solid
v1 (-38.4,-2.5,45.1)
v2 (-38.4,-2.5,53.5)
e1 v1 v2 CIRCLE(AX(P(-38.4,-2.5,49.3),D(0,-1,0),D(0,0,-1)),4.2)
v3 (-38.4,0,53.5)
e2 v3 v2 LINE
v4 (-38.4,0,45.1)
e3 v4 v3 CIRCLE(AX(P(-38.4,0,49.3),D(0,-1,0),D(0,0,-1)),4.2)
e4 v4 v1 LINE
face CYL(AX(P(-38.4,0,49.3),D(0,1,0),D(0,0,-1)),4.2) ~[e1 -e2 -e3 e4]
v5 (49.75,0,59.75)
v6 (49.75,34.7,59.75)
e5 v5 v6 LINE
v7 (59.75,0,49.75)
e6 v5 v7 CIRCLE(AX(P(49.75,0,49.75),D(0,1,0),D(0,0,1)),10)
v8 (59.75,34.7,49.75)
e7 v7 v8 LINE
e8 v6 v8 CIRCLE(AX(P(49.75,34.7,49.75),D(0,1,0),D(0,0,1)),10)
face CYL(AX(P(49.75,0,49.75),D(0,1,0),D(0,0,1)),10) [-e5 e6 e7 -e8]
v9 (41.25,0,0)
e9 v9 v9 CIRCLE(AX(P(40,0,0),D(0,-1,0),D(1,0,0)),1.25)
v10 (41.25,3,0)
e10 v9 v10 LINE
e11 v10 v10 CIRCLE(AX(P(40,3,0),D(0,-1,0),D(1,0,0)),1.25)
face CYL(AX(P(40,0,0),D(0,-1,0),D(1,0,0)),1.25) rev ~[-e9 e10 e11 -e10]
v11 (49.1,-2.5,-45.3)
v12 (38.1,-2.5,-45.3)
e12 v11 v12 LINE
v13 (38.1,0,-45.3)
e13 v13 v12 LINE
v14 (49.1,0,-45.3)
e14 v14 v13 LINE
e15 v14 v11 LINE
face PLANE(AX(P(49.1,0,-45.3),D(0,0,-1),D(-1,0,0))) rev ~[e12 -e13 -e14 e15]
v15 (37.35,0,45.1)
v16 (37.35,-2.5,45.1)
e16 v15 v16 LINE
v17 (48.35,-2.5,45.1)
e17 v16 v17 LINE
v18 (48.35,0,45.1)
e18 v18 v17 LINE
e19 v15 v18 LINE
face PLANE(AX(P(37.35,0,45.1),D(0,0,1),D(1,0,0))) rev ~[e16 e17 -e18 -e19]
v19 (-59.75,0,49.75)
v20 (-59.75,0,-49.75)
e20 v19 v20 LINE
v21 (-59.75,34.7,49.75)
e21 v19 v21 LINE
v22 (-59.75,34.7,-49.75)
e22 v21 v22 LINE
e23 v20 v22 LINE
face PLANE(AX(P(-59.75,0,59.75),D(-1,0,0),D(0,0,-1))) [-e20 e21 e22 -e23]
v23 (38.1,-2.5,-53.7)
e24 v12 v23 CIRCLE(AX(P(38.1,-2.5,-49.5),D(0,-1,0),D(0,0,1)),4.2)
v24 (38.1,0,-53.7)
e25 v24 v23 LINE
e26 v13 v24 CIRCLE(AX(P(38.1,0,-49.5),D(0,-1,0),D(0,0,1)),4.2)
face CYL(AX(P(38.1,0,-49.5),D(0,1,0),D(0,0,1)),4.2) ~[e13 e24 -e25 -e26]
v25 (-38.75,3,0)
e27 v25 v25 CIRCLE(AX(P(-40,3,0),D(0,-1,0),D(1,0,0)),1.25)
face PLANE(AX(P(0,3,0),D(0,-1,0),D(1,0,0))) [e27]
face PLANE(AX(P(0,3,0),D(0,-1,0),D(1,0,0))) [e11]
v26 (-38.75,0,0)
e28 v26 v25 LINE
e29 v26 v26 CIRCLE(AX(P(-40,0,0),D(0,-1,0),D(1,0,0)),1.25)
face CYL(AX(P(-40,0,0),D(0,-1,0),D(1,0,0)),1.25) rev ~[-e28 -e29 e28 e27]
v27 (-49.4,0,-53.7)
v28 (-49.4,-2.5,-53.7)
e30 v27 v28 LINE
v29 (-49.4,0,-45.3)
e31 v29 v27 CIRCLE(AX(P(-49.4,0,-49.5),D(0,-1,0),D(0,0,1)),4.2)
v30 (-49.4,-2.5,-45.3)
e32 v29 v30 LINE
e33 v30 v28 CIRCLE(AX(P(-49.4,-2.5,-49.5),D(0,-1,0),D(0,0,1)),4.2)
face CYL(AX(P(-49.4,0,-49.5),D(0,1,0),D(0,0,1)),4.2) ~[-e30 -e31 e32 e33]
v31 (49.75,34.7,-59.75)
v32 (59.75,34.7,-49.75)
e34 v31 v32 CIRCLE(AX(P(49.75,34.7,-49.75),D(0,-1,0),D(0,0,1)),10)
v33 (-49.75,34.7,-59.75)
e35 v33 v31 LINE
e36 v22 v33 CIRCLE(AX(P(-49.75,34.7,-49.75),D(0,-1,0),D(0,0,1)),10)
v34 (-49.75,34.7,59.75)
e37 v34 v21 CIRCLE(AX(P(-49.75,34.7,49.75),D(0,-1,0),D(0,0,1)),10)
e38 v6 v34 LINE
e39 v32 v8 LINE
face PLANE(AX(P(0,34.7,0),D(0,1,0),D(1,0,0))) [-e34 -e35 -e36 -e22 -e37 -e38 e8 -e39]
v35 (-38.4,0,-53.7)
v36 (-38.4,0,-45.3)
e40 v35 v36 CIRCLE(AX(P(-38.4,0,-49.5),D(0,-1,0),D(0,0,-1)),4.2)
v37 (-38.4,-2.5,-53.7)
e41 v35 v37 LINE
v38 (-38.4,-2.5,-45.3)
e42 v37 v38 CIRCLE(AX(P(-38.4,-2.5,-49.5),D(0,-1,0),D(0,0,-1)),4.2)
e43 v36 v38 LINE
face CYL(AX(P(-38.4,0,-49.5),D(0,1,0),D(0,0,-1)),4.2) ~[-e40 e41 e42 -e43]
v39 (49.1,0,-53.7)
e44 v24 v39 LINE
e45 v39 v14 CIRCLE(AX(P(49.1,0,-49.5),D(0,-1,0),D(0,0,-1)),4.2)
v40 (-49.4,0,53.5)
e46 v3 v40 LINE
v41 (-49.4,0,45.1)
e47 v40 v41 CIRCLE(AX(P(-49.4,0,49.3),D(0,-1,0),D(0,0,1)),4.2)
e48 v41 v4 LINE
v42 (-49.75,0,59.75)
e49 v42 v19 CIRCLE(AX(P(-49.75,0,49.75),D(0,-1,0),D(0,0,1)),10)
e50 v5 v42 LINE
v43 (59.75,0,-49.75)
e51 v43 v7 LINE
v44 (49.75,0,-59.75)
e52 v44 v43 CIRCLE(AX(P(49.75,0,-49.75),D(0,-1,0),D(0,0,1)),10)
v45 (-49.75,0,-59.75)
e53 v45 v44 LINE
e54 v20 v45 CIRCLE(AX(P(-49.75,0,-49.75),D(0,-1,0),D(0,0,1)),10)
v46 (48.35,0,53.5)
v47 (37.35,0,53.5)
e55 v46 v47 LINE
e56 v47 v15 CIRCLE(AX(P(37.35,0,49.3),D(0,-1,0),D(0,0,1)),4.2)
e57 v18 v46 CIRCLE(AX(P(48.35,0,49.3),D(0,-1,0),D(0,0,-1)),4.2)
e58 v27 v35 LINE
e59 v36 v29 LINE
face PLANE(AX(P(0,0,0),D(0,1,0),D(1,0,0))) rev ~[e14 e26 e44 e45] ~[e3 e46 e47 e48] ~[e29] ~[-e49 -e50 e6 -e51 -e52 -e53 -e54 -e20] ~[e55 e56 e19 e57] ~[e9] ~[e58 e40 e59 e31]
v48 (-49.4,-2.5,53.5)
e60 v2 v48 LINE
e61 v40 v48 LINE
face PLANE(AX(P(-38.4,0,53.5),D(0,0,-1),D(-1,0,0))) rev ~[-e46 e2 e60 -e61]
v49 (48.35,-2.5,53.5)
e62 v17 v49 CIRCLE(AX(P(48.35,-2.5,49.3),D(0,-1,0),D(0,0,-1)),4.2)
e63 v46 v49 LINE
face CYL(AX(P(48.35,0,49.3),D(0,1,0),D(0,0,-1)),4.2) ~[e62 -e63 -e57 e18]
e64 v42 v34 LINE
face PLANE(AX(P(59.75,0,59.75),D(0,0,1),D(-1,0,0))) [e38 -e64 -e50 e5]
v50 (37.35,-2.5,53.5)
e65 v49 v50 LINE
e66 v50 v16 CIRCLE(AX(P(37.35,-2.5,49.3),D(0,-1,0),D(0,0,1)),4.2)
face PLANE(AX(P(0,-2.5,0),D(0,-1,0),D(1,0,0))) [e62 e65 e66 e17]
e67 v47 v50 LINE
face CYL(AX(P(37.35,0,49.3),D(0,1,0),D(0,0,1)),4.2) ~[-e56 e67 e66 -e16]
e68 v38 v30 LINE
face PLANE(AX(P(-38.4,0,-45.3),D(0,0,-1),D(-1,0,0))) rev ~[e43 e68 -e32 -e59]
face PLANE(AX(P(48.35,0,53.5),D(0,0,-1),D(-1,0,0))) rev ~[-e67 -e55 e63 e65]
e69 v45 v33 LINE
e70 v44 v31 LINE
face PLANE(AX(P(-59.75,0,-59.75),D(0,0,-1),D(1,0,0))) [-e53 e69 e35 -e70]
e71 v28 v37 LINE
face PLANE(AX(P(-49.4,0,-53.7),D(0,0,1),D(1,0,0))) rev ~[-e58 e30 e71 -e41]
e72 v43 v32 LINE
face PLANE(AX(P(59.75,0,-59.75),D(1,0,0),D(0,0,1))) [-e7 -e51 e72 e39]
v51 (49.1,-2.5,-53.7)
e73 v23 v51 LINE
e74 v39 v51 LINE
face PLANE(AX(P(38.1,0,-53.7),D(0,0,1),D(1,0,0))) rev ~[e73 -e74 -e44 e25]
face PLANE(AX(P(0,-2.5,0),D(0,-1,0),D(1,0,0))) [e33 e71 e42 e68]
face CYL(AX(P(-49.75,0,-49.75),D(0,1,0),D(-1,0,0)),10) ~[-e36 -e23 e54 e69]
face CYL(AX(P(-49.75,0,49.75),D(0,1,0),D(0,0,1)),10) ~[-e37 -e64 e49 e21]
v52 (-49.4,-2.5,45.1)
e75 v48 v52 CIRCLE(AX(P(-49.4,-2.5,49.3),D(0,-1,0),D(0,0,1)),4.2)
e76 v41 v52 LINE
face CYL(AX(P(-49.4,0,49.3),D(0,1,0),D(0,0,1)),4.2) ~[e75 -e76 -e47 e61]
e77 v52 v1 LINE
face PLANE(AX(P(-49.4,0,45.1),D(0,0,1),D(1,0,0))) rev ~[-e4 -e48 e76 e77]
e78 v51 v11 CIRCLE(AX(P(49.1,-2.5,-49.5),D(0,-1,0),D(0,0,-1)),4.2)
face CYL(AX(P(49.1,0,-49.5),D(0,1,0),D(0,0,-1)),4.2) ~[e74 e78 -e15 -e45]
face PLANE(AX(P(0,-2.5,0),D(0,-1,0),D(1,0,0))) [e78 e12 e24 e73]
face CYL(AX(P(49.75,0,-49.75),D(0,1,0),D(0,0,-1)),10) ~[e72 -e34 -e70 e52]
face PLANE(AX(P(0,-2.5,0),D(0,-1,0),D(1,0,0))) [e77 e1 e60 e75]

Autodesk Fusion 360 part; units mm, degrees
sketch "Sketch1" plane through (0, 0, 0) normal (0, 1, 0) x (1, 0, 0)
  line L0 (59.75, -59.75) -> (-59.75, -59.75)
  line L1 (-59.75, -59.75) -> (-59.75, 59.75)
  line L2 (-59.75, 59.75) -> (59.75, 59.75)
  line L3 (59.75, 59.75) -> (59.75, -59.75)
  line L4 (59.75, -59.75) -> (-59.75, 59.75) construction
  line L5 (-59.75, -59.75) -> (59.75, 59.75) construction
  dimension "d2" = 119.5
extrude "Extrude1" add sketch "Sketch1" along normal blind 34.7
fillet "Fillet1" radius 10 4 edges at (-59.75, 17.35, 59.75) (59.75, 17.35, 59.75) (-59.75, 17.35, -59.75) (59.75, 17.35, -59.75)
sketch "Sketch4" plane through (0, 0, 0) normal (0, -1, 0) x (1, 0, 0)
  line L0 (-49.75, -59.75) -> (49.75, -59.75)
  line L1 (59.75, -49.75) -> (59.75, 49.75)
  line L2 (49.75, 59.75) -> (-49.75, 59.75)
  line L3 (-59.75, 49.75) -> (-59.75, -49.75)
  line L4 (-49.4, 45.1) -> (-38.4, 45.1)
  arc A0 (-38.4, 45.1) -> (-38.4, 53.5) centre (-38.4, 49.3) ccw
  line L5 (-38.4, 53.5) -> (-49.4, 53.5)
  arc A1 (-49.4, 53.5) -> (-49.4, 45.1) centre (-49.4, 49.3) ccw
  line L6 (-49.4, 49.3) -> (-38.4, 49.3) construction
  line L7 (-49.4, -53.7) -> (-38.4, -53.7)
  arc A2 (-38.4, -53.7) -> (-38.4, -45.3) centre (-38.4, -49.5) ccw
  line L8 (-38.4, -45.3) -> (-49.4, -45.3)
  arc A3 (-49.4, -45.3) -> (-49.4, -53.7) centre (-49.4, -49.5) ccw
  line L9 (-49.4, -49.5) -> (-38.4, -49.5) construction
  line L10 (49.1, -45.3) -> (38.1, -45.3)
  arc A4 (38.1, -45.3) -> (38.1, -53.7) centre (38.1, -49.5) ccw
  line L11 (38.1, -53.7) -> (49.1, -53.7)
  arc A5 (49.1, -53.7) -> (49.1, -45.3) centre (49.1, -49.5) ccw
  line L12 (49.1, -49.5) -> (38.1, -49.5) construction
  line L13 (37.35, 45.1) -> (48.35, 45.1)
  arc A6 (48.35, 45.1) -> (48.35, 53.5) centre (48.35, 49.3) ccw
  line L14 (48.35, 53.5) -> (37.35, 53.5)
  arc A7 (37.35, 53.5) -> (37.35, 45.1) centre (37.35, 49.3) ccw
  line L15 (37.35, 49.3) -> (48.35, 49.3) construction
  arc A8 (49.75, -59.75) -> (59.75, -49.75) centre (49.75, -49.75) ccw
  arc A9 (59.75, 49.75) -> (49.75, 59.75) centre (49.75, 49.75) ccw
  arc A10 (-49.75, 59.75) -> (-59.75, 49.75) centre (-49.75, 49.75) ccw
  arc A11 (-59.75, -49.75) -> (-49.75, -59.75) centre (-49.75, -49.75) ccw
  dimension "d6" = 4.2
  dimension "d7" = 11
  dimension "d8" = 49.4
  dimension "d9" = 49.3
  dimension "d14" = 37.35
  dimension "d15" = 49.5
  dimension "d16" = 49.1
extrude "Extrude2" add sketch "Sketch4" along normal blind 2.5 contours L4 A0 L5 A1 | L7 A2 L8 A3 | L10 A4 L11 A5 | L13 A6 L14 A7
sketch "Sketch5" plane through (0, 0, 0) normal (0, -1, 0) x (1, 0, 0)
  line L0 (37.35, 53.5) -> (48.35, 53.5)
  arc A0 (48.35, 45.1) -> (48.35, 53.5) centre (48.35, 49.3) ccw
  line L1 (48.35, 45.1) -> (37.35, 45.1)
  arc A1 (37.35, 53.5) -> (37.35, 45.1) centre (37.35, 49.3) ccw
  line L2 (-49.4, 53.5) -> (-38.4, 53.5)
  arc A2 (-38.4, 45.1) -> (-38.4, 53.5) centre (-38.4, 49.3) ccw
  line L3 (-38.4, 45.1) -> (-49.4, 45.1)
  arc A3 (-49.4, 53.5) -> (-49.4, 45.1) centre (-49.4, 49.3) ccw
  line L4 (49.1, -53.7) -> (38.1, -53.7)
  arc A4 (38.1, -45.3) -> (38.1, -53.7) centre (38.1, -49.5) ccw
  line L5 (38.1, -45.3) -> (49.1, -45.3)
  arc A5 (49.1, -53.7) -> (49.1, -45.3) centre (49.1, -49.5) ccw
  line L6 (-49.4, -45.3) -> (-38.4, -45.3)
  arc A6 (-38.4, -53.7) -> (-38.4, -45.3) centre (-38.4, -49.5) ccw
  line L7 (-38.4, -53.7) -> (-49.4, -53.7)
  arc A7 (-49.4, -45.3) -> (-49.4, -53.7) centre (-49.4, -49.5) ccw
  line L8 (-49.75, -59.75) -> (49.75, -59.75)
  line L9 (59.75, -49.75) -> (59.75, 49.75)
  line L10 (49.75, 59.75) -> (-49.75, 59.75)
  line L11 (-59.75, 49.75) -> (-59.75, -49.75)
  line L12 (-40, 0) -> (40, 0) construction
  circle A8 centre (-40, 0) radius 1.25
  circle A9 centre (40, 0) radius 1.25
  arc A10 (49.75, -59.75) -> (59.75, -49.75) centre (49.75, -49.75) ccw
  arc A11 (59.75, 49.75) -> (49.75, 59.75) centre (49.75, 49.75) ccw
  arc A12 (-49.75, 59.75) -> (-59.75, 49.75) centre (-49.75, 49.75) ccw
  arc A13 (-59.75, -49.75) -> (-49.75, -59.75) centre (-49.75, -49.75) ccw
  dimension "d17" = 2.5
  dimension "d18" = 80
extrude "Extrude3" cut sketch "Sketch5" against normal blind 3 contours A8 | A9
